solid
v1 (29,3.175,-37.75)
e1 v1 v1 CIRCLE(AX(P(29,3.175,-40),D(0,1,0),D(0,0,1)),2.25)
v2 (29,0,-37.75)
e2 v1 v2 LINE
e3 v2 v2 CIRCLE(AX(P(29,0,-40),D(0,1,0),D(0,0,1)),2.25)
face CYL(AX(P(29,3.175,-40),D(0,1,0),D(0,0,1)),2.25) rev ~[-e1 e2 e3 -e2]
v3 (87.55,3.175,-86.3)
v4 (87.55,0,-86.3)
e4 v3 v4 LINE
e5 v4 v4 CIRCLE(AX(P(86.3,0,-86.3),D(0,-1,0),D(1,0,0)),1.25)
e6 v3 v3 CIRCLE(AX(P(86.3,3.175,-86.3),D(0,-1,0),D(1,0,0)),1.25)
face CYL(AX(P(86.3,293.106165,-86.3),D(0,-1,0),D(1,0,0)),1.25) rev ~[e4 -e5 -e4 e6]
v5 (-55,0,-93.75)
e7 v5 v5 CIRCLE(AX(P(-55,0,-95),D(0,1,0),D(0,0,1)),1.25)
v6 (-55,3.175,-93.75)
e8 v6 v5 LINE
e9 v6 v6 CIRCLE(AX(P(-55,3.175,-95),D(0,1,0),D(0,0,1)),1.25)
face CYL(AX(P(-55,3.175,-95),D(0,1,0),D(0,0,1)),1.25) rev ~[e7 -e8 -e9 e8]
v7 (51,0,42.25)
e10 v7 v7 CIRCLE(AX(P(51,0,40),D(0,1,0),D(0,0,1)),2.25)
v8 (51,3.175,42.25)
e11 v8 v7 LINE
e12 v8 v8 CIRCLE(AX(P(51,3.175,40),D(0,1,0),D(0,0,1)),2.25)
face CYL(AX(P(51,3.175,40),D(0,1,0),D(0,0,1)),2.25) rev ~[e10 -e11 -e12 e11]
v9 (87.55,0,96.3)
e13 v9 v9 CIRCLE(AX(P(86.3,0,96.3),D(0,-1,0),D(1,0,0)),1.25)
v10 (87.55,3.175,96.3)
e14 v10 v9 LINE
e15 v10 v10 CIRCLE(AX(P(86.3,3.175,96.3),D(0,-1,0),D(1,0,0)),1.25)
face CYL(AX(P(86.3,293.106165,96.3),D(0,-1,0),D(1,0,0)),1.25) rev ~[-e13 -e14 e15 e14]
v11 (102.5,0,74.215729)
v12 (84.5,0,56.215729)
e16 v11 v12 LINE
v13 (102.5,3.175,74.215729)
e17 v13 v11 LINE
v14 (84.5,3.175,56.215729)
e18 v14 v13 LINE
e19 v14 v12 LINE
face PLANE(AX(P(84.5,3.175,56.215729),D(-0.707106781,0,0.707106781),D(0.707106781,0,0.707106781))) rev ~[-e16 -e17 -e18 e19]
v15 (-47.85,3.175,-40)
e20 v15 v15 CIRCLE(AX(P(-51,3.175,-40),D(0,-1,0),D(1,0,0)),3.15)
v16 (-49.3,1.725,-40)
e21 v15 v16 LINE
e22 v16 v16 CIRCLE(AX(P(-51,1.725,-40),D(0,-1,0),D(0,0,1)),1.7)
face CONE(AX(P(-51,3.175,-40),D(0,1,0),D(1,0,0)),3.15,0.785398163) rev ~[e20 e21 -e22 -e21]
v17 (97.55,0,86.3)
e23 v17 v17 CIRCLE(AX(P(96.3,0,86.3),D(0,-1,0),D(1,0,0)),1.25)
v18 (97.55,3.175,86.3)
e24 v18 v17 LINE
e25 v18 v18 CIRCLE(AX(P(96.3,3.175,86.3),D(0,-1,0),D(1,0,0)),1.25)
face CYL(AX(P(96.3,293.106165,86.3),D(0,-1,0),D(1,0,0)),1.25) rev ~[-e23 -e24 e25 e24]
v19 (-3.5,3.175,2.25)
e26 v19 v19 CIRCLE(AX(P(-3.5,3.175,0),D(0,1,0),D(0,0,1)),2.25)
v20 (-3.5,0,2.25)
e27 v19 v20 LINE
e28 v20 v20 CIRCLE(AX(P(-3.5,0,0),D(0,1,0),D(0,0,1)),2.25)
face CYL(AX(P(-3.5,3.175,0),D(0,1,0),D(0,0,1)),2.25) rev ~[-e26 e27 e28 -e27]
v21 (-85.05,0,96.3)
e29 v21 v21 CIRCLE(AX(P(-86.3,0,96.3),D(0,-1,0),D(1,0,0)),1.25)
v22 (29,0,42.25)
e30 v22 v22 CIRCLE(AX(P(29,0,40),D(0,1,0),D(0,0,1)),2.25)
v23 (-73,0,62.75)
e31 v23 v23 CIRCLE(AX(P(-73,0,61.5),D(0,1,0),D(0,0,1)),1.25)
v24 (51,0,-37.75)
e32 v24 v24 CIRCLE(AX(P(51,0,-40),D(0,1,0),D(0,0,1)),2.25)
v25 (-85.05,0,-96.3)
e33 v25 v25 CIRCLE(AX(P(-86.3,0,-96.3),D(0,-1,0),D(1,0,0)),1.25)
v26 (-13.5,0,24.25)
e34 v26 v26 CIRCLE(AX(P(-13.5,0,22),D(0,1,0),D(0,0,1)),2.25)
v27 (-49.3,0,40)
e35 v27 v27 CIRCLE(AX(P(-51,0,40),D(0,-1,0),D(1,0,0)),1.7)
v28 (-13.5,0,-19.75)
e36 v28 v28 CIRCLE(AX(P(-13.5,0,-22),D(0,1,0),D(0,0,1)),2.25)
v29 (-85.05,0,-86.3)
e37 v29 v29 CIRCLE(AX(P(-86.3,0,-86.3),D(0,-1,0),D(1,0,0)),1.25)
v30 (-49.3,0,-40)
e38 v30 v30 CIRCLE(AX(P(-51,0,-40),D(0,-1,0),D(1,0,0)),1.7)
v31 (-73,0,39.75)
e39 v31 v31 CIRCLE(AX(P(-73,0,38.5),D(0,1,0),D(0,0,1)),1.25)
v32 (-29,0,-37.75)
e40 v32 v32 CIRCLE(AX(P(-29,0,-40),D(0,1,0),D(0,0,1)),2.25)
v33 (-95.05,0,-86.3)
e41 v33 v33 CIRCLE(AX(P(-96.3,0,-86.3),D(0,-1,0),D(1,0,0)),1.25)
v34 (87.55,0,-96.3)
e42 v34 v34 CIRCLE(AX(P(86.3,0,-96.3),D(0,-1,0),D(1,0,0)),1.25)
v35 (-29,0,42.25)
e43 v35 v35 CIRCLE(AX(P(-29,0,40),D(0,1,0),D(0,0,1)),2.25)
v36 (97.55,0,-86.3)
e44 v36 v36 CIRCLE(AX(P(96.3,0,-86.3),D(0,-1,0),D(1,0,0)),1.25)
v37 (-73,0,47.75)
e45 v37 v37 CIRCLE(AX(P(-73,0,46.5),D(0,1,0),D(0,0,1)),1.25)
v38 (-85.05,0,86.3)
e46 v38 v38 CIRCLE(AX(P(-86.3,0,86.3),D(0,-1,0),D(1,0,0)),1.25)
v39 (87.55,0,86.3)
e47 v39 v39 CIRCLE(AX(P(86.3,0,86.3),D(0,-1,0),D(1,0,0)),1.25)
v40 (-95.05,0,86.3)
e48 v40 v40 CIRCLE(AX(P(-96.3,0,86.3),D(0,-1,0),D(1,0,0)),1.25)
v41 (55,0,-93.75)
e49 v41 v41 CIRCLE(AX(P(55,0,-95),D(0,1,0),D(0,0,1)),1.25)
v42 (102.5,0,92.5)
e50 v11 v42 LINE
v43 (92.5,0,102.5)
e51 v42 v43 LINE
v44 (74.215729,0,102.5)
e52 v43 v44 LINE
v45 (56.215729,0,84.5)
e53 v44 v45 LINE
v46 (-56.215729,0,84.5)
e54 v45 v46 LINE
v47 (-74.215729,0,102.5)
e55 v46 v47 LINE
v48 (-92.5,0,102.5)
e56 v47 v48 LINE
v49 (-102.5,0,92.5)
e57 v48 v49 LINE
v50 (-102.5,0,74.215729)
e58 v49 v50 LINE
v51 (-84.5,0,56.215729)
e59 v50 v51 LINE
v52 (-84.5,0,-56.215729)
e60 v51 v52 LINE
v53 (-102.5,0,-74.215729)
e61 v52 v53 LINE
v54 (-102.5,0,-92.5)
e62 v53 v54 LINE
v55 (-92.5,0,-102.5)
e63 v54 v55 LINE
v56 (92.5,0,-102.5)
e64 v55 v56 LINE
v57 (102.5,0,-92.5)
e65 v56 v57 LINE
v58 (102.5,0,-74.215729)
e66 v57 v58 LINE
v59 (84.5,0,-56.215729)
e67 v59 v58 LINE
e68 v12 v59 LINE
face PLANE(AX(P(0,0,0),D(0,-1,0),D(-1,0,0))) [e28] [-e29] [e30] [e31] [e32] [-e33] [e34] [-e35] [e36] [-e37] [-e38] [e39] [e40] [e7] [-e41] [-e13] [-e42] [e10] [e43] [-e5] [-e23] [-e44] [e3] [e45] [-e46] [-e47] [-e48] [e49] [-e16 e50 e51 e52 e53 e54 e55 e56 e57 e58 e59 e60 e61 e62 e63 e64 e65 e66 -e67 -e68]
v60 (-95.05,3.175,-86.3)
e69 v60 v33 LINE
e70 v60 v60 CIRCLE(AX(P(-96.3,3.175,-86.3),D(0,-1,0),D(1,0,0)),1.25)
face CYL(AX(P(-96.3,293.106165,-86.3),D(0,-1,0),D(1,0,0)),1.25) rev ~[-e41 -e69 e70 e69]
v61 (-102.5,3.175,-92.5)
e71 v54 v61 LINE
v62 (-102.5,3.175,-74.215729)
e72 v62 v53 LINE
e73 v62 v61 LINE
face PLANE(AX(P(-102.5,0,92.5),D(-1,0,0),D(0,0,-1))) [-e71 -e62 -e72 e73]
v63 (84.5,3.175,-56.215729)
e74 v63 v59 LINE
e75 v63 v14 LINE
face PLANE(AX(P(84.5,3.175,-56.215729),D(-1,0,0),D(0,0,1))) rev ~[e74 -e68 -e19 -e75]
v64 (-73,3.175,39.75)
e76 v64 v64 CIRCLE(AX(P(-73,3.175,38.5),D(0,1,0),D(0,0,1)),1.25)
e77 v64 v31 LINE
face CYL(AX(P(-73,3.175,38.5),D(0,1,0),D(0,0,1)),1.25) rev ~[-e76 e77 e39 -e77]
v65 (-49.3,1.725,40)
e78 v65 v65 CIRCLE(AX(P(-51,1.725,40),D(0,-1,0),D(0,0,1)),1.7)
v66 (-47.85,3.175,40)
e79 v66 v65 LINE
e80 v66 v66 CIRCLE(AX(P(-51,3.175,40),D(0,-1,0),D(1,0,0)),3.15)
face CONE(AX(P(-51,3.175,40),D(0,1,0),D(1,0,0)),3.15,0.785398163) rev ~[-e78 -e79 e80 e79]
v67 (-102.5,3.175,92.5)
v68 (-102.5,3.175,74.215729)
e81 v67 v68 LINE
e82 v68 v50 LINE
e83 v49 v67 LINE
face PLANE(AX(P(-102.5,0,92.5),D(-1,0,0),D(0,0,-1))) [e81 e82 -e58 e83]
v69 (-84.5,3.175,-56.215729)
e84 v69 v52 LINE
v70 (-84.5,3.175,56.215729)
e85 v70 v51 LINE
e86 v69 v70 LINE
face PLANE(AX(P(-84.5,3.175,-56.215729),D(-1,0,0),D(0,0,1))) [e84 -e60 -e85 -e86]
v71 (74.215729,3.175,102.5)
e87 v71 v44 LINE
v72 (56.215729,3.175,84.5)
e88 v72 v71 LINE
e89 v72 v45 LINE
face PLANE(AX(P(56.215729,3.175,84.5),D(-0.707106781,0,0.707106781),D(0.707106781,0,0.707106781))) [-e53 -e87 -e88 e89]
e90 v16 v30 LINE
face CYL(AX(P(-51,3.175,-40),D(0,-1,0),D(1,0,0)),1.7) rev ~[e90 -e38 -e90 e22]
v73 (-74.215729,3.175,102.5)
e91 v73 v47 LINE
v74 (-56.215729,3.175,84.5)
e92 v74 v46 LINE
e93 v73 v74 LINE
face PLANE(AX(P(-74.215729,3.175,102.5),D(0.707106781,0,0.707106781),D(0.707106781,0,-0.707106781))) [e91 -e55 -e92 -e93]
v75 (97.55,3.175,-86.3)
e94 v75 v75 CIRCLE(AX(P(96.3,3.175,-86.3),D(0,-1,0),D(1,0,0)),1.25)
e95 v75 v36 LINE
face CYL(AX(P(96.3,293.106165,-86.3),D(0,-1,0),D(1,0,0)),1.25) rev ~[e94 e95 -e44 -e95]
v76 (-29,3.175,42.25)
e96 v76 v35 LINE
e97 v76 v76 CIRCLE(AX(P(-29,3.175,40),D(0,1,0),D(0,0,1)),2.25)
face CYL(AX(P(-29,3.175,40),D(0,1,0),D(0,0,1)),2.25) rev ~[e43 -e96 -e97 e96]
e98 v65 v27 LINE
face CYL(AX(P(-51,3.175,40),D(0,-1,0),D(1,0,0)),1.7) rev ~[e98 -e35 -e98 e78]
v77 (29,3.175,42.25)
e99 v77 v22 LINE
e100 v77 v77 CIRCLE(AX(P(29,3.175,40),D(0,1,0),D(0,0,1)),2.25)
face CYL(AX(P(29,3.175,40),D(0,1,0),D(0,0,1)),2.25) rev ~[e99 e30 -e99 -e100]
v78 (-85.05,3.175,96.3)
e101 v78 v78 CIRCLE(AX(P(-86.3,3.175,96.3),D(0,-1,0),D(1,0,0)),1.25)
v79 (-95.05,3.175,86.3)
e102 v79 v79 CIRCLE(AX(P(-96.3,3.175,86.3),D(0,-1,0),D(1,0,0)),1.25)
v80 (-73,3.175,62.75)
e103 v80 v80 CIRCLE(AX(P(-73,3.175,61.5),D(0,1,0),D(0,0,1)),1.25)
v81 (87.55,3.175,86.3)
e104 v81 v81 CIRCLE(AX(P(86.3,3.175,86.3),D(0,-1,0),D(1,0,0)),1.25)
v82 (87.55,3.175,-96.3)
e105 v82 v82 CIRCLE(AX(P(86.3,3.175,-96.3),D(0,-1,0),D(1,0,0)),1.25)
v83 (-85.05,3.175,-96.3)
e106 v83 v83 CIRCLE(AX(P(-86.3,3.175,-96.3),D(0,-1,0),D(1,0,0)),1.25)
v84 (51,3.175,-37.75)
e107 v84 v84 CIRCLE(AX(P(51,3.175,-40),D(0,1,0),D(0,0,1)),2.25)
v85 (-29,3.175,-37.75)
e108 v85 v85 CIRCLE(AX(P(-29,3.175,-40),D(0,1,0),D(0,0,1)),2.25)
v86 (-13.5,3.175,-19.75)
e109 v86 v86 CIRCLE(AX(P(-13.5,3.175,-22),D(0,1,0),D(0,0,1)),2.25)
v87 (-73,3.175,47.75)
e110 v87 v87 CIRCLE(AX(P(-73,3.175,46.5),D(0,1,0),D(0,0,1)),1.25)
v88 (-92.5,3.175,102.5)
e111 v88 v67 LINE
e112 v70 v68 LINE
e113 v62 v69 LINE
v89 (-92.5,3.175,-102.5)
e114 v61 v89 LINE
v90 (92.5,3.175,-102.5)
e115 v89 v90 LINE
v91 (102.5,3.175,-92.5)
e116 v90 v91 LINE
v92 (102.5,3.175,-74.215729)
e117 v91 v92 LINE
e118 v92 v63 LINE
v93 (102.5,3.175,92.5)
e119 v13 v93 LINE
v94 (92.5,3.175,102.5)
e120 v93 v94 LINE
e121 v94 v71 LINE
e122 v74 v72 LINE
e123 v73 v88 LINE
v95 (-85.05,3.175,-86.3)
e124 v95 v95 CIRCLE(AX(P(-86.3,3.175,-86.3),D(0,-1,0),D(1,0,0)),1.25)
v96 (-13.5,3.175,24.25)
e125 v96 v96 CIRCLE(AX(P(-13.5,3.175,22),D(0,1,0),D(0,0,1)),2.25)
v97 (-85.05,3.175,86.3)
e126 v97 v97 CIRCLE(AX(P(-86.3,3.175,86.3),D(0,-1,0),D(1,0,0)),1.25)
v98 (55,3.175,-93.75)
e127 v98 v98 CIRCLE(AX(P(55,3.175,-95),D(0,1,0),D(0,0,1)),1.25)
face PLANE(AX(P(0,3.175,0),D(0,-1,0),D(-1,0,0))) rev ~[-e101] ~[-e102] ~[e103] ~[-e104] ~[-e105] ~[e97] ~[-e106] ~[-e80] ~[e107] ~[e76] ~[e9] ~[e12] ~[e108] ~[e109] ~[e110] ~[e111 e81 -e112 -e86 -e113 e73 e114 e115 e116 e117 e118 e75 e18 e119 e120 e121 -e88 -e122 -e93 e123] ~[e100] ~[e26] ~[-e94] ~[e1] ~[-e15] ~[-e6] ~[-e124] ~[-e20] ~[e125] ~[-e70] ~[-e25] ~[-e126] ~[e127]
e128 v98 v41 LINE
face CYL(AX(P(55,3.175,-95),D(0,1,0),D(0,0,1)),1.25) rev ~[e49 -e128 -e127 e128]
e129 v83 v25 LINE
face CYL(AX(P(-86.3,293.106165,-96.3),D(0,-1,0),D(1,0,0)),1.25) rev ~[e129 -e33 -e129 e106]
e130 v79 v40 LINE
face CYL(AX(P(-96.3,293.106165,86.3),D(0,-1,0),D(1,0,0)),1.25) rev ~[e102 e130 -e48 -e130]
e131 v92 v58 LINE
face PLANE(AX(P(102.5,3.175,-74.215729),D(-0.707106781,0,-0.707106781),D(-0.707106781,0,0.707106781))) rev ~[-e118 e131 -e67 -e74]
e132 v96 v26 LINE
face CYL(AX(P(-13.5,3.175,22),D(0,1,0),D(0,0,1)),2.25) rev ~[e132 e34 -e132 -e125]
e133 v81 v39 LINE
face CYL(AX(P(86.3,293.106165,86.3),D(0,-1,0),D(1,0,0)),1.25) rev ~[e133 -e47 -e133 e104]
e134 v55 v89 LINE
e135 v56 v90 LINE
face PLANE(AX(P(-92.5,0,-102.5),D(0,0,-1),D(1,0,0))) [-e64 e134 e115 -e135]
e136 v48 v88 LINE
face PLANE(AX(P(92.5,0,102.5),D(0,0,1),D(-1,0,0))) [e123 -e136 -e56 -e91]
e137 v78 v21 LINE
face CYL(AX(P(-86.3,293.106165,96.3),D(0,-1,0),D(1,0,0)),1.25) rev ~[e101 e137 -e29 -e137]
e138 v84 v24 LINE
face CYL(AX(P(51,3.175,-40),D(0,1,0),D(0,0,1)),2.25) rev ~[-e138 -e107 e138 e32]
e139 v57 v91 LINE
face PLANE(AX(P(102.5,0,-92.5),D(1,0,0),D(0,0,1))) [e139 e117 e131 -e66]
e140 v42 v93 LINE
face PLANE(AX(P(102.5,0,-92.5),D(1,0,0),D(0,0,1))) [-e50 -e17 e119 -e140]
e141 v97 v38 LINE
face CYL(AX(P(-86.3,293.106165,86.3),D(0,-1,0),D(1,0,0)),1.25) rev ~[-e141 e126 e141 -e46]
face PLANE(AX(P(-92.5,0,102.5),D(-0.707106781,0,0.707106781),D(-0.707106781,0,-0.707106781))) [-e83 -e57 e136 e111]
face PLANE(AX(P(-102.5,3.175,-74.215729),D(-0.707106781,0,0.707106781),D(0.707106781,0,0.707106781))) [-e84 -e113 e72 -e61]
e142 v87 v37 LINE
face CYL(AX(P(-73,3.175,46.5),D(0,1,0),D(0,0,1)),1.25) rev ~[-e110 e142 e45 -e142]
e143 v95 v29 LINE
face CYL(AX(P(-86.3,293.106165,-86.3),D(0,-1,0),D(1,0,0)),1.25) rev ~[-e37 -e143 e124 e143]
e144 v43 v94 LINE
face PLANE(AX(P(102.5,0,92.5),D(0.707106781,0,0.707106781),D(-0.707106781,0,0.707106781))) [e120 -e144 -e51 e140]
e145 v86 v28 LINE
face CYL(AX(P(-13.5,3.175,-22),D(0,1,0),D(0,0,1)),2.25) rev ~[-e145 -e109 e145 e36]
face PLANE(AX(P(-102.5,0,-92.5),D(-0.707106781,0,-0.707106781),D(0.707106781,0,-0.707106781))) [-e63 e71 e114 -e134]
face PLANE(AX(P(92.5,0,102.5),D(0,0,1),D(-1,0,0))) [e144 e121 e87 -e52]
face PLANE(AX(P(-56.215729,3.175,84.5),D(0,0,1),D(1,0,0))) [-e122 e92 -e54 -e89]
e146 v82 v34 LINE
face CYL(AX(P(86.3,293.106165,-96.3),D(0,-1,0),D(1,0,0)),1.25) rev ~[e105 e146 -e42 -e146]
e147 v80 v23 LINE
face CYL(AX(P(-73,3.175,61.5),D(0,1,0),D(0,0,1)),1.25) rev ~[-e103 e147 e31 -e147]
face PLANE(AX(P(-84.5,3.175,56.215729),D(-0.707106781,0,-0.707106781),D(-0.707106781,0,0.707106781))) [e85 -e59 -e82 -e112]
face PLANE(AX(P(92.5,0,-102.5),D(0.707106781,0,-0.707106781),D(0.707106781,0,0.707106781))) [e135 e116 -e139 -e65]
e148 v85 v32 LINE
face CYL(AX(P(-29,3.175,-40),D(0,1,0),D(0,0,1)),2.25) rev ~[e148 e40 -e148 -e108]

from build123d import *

# Parameters (mm, degrees)
BOSS_EXTRUDE1_DEPTH                             = 3.175
SKETCH2_R                                       = 1.5
SKETCH2_R_2                                     = 2.25
CUT_EXTRUDE1_DEPTH                              = 4.175
M3X0_5_TAPPED_HOLE1_D                           = 2.5
SKETCH5_R                                       = 1.25
CUT_EXTRUDE2_DEPTH                              = 4.175
SKETCH6_R                                       = 1.25
CUT_EXTRUDE3_DEPTH                              = 10
CSK_FOR_M3_FLAT_HEAD_MACHINE_SCREW1_D           = 3.4
CSK_FOR_M3_FLAT_HEAD_MACHINE_SCREW1_CSINK_D     = 6.3
CSK_FOR_M3_FLAT_HEAD_MACHINE_SCREW1_CSINK_ANGLE = 90
CUT_EXTRUDE4_DEPTH                              = 10


with BuildPart() as part:
    # Sketch1 → Boss-Extrude1 (new body)
    with BuildSketch(Plane(origin=(0, 0, 0), x_dir=(1, 0, 0), z_dir=(0, 1, 0))):
        Polygon((-92.5, 102.5), (92.5, 102.5), (102.5, 92.5), (102.5, -92.5), (92.5, -102.5), (-92.5, -102.5), (-102.5, -92.5), (-102.5, 92.5), align=None)
    extrude(amount=BOSS_EXTRUDE1_DEPTH)

    # Sketch2 → Cut-Extrude1 (cut, through all)
    with BuildSketch(Plane(origin=(0, 3.175, 0), x_dir=(1, 0, 0), z_dir=(0, 1, 0))):
        with Locations(Location((-51, -40, 0), (0, 0, 270))):  # turned: the seam where the file's is
            Circle(SKETCH2_R)
        with Locations(Location((-29, -40, 0), (0, 0, 270))):  # turned: the seam where the file's is
            Circle(SKETCH2_R_2)
        with Locations(Location((-51, 40, 0), (0, 0, 270))):  # turned: the seam where the file's is
            Circle(SKETCH2_R)
        with Locations(Location((-29, 40, 0), (0, 0, 270))):  # turned: the seam where the file's is
            Circle(SKETCH2_R_2)
        with Locations(Location((29, 40, 0), (0, 0, 270))):  # turned: the seam where the file's is
            Circle(SKETCH2_R_2)
        with Locations(Location((51, 40, 0), (0, 0, 270))):  # turned: the seam where the file's is
            Circle(SKETCH2_R_2)
        with Locations(Location((29, -40, 0), (0, 0, 270))):  # turned: the seam where the file's is
            Circle(SKETCH2_R_2)
        with Locations(Location((51, -40, 0), (0, 0, 270))):  # turned: the seam where the file's is
            Circle(SKETCH2_R_2)
        with Locations(Location((-3.5, 0, 0), (0, 0, 270))):  # turned: the seam where the file's is
            Circle(SKETCH2_R_2)
        with Locations(Location((-13.5, 22, 0), (0, 0, 270))):  # turned: the seam where the file's is
            Circle(SKETCH2_R_2)
        with Locations(Location((-13.5, -22, 0), (0, 0, 270))):  # turned: the seam where the file's is
            Circle(SKETCH2_R_2)
    extrude(amount=-CUT_EXTRUDE1_DEPTH, mode=Mode.SUBTRACT)

    # M3x0.5 Tapped Hole1 (through all)
    with Locations(Plane(origin=(0, 3.175, 0), x_dir=(-1, 0, 0), z_dir=(0, 1, 0))):
        with Locations((96.3, -86.3), (86.3, -96.3), (-86.3, -96.3), (-96.3, -86.3), (-96.3, 86.3), (-86.3, 96.3), (86.3, 96.3), (96.3, 86.3), (-86.3, 86.3), (-86.3, -86.3), (86.3, -86.3), (86.3, 86.3)):
            Hole(M3X0_5_TAPPED_HOLE1_D / 2)

    # Sketch5 → Cut-Extrude2 (cut, through all)
    with BuildSketch(Plane(origin=(0, 3.175, 0), x_dir=(1, 0, 0), z_dir=(0, 1, 0))):
        with Locations(Location((-55, 95, 0), (0, 0, 270))):  # turned: the seam where the file's is
            Circle(SKETCH5_R)
        with Locations(Location((55, 95, 0), (0, 0, 270))):  # turned: the seam where the file's is
            Circle(SKETCH5_R)
        with Locations(Location((-55, -95, 0), (0, 0, 270))):  # turned: the seam where the file's is
            Circle(SKETCH5_R)
        with Locations(Location((55, -95, 0), (0, 0, 270))):  # turned: the seam where the file's is
            Circle(SKETCH5_R)
    extrude(amount=-CUT_EXTRUDE2_DEPTH, mode=Mode.SUBTRACT)

    # Sketch6 → Cut-Extrude3 (cut)
    with BuildSketch(Plane(origin=(0, 3.175, 0), x_dir=(1, 0, 0), z_dir=(0, 1, 0))):
        with Locations(Location((-73, -46.5, 0), (0, 0, 270))):  # turned: the seam where the file's is
            Circle(SKETCH6_R)
        with Locations(Location((-73, -38.5, 0), (0, 0, 270))):  # turned: the seam where the file's is
            Circle(SKETCH6_R)
        with Locations(Location((-73, -61.5, 0), (0, 0, 270))):  # turned: the seam where the file's is
            Circle(SKETCH6_R)
    extrude(amount=-CUT_EXTRUDE3_DEPTH, mode=Mode.SUBTRACT)

    # CSK for M3 Flat Head Machine Screw1 (through all)
    with Locations(Plane(origin=(0, 3.175, 0), x_dir=(-1, 0, 0), z_dir=(0, 1, 0))):
        with Locations((51, -40), (51, 40)):
            CounterSinkHole(CSK_FOR_M3_FLAT_HEAD_MACHINE_SCREW1_D / 2, CSK_FOR_M3_FLAT_HEAD_MACHINE_SCREW1_CSINK_D / 2, counter_sink_angle=CSK_FOR_M3_FLAT_HEAD_MACHINE_SCREW1_CSINK_ANGLE)

    # Sketch9 → Cut-Extrude4 (cut)
    with BuildSketch(Plane(origin=(0, 3.175, 0), x_dir=(1, 0, 0), z_dir=(0, 1, 0))):
        Polygon((-102.5, 74.215728753), (-84.5, 56.215728753), (-84.5, -56.215728753), (-102.5, -74.215728753), align=None)
        Polygon((102.5, 74.215728753), (84.5, 56.215728753), (84.5, -56.215728753), (102.5, -74.215728753), align=None)
        Polygon((-74.215728753, -102.5), (-56.215728753, -84.5), (56.215728753, -84.5), (74.215728753, -102.5), align=None)
    extrude(amount=-CUT_EXTRUDE4_DEPTH, mode=Mode.SUBTRACT)


solid = part.part
